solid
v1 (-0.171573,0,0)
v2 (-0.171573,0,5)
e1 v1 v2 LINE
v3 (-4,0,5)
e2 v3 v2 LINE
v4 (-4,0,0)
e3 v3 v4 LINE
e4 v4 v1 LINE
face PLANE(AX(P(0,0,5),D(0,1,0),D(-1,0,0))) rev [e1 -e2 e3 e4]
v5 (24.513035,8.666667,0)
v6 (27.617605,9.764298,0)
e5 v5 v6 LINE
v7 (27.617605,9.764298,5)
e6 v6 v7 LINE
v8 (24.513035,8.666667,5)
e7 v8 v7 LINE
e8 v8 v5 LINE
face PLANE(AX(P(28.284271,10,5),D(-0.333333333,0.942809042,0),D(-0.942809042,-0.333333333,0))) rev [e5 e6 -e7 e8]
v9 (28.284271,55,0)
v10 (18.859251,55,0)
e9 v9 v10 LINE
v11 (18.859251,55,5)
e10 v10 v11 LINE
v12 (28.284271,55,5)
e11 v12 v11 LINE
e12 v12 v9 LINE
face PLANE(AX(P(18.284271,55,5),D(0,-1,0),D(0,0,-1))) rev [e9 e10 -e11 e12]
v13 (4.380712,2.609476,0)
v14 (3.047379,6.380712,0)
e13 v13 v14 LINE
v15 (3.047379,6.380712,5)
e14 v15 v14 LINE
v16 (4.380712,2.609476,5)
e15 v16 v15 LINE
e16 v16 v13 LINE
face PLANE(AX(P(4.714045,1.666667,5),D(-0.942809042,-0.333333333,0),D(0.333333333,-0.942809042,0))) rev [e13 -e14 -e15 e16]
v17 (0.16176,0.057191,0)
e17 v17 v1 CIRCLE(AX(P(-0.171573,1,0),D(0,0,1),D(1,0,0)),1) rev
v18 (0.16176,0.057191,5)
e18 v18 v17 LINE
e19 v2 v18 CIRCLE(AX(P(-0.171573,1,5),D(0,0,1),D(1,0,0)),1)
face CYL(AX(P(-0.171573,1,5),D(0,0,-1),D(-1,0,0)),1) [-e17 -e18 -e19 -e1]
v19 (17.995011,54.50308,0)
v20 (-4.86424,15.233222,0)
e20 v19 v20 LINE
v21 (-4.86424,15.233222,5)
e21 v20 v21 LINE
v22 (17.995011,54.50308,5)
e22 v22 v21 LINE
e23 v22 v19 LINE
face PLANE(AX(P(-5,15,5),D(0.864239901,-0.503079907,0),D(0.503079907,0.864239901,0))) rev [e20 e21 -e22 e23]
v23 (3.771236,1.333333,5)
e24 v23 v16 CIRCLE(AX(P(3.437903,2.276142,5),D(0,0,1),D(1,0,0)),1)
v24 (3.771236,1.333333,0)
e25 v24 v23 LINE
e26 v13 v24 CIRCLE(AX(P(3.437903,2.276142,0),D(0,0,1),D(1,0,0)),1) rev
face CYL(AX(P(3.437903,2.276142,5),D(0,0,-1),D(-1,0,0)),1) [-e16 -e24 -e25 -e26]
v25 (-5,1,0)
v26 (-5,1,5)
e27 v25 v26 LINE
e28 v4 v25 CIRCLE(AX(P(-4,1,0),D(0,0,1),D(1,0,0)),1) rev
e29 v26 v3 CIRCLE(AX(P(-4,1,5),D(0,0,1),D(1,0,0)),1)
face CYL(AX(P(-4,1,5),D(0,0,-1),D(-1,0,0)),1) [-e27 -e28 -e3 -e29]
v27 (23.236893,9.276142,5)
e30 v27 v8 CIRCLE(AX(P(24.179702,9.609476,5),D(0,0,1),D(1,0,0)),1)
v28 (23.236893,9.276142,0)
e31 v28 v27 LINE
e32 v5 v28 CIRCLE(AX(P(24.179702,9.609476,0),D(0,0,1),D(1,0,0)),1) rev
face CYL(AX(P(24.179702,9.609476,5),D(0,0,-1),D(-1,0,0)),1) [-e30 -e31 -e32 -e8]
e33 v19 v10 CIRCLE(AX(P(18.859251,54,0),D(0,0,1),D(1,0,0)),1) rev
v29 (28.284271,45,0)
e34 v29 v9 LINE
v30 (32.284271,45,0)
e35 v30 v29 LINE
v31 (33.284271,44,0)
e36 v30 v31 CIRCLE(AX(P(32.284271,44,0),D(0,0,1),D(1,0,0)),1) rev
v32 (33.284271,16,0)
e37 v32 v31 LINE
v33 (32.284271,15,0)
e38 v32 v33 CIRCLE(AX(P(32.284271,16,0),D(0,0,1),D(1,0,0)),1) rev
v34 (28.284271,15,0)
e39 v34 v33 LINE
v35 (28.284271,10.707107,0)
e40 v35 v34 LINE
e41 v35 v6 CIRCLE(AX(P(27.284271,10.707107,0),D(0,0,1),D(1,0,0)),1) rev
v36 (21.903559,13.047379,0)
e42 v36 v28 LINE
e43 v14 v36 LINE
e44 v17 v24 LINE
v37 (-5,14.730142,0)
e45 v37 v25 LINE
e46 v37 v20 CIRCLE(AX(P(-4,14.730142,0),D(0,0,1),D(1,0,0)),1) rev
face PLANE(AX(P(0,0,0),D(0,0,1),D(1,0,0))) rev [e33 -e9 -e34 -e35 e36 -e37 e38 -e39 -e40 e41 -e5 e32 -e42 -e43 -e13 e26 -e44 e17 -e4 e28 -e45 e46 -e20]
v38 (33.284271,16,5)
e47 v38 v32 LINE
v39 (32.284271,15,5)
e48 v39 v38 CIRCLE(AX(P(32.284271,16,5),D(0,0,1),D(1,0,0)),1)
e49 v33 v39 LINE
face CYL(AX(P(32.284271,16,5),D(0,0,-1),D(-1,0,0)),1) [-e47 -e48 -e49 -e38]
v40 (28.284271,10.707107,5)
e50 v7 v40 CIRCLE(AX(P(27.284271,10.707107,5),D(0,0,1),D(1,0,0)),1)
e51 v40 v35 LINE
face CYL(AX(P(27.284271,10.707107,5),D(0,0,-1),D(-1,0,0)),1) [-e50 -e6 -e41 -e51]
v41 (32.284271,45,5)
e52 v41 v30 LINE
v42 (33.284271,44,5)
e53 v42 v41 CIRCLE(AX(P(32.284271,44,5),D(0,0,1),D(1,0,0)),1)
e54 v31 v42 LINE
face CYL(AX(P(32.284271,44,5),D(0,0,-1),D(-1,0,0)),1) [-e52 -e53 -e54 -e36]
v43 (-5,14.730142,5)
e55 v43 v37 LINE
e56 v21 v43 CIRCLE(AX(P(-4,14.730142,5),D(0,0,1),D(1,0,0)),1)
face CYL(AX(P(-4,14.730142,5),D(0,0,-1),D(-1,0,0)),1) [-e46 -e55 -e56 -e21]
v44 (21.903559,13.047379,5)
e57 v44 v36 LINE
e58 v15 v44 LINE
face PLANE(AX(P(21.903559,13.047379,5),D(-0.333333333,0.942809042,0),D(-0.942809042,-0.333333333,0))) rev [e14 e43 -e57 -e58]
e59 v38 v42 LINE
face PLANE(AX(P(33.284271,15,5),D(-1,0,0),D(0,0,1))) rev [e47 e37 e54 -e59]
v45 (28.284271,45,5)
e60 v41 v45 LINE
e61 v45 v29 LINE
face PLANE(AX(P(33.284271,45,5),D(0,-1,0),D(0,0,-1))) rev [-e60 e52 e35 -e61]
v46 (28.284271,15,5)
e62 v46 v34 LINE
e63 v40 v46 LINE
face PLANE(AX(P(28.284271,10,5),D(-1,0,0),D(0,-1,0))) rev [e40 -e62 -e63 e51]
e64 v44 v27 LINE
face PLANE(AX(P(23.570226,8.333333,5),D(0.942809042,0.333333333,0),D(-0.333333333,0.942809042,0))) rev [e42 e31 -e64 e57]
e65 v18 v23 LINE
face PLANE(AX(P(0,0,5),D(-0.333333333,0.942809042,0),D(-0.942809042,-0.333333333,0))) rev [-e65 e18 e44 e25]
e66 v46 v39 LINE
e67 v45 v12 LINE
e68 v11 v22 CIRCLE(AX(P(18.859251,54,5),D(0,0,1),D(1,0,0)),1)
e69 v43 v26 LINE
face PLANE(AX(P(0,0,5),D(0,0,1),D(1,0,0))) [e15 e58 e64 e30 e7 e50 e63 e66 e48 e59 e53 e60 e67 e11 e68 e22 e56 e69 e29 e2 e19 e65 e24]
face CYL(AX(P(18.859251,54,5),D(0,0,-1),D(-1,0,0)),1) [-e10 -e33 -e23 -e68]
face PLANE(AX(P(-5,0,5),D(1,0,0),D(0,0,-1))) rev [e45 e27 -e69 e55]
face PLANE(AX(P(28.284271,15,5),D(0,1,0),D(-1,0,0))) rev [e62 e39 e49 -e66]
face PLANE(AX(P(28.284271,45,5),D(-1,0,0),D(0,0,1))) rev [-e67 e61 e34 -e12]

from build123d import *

# Parameters (mm, degrees)
BOSS_EXTRUDE1_DEPTH = 5
FILLET1_R           = 1


with BuildPart() as part:
    # Sketch1 → Boss-Extrude1 (new body)
    with BuildSketch(Plane.XY):
        Polygon((33.284271247, 15), (33.284271247, 45), (28.284271247, 45), (28.284271247, 55), (18.284271247, 55), (-5, 15), (-5, 0), (0, 0), (4.714045208, 1.666666667), (3.047378541, 6.380711875), (21.903559373, 13.047378541), (23.57022604, 8.333333333), (28.284271247, 10), (28.284271247, 15), align=None)
    extrude(amount=BOSS_EXTRUDE1_DEPTH)

    # Fillet1
    fillet1_edges = [part.edges().sort_by_distance(p)[0] for p in [
        (0, 0, 2.5),
        (-5, 0, 2.5),
        (-5, 15, 2.5),
        (18.284271247, 55, 2.5),
        (33.284271247, 45, 2.5),
        (33.284271247, 15, 2.5),
        (28.284271247, 10, 2.5),
        (23.57022604, 8.333333333, 2.5),
        (4.714045208, 1.666666667, 2.5),
    ]]
    fillet(fillet1_edges, radius=FILLET1_R)


solid = part.part
